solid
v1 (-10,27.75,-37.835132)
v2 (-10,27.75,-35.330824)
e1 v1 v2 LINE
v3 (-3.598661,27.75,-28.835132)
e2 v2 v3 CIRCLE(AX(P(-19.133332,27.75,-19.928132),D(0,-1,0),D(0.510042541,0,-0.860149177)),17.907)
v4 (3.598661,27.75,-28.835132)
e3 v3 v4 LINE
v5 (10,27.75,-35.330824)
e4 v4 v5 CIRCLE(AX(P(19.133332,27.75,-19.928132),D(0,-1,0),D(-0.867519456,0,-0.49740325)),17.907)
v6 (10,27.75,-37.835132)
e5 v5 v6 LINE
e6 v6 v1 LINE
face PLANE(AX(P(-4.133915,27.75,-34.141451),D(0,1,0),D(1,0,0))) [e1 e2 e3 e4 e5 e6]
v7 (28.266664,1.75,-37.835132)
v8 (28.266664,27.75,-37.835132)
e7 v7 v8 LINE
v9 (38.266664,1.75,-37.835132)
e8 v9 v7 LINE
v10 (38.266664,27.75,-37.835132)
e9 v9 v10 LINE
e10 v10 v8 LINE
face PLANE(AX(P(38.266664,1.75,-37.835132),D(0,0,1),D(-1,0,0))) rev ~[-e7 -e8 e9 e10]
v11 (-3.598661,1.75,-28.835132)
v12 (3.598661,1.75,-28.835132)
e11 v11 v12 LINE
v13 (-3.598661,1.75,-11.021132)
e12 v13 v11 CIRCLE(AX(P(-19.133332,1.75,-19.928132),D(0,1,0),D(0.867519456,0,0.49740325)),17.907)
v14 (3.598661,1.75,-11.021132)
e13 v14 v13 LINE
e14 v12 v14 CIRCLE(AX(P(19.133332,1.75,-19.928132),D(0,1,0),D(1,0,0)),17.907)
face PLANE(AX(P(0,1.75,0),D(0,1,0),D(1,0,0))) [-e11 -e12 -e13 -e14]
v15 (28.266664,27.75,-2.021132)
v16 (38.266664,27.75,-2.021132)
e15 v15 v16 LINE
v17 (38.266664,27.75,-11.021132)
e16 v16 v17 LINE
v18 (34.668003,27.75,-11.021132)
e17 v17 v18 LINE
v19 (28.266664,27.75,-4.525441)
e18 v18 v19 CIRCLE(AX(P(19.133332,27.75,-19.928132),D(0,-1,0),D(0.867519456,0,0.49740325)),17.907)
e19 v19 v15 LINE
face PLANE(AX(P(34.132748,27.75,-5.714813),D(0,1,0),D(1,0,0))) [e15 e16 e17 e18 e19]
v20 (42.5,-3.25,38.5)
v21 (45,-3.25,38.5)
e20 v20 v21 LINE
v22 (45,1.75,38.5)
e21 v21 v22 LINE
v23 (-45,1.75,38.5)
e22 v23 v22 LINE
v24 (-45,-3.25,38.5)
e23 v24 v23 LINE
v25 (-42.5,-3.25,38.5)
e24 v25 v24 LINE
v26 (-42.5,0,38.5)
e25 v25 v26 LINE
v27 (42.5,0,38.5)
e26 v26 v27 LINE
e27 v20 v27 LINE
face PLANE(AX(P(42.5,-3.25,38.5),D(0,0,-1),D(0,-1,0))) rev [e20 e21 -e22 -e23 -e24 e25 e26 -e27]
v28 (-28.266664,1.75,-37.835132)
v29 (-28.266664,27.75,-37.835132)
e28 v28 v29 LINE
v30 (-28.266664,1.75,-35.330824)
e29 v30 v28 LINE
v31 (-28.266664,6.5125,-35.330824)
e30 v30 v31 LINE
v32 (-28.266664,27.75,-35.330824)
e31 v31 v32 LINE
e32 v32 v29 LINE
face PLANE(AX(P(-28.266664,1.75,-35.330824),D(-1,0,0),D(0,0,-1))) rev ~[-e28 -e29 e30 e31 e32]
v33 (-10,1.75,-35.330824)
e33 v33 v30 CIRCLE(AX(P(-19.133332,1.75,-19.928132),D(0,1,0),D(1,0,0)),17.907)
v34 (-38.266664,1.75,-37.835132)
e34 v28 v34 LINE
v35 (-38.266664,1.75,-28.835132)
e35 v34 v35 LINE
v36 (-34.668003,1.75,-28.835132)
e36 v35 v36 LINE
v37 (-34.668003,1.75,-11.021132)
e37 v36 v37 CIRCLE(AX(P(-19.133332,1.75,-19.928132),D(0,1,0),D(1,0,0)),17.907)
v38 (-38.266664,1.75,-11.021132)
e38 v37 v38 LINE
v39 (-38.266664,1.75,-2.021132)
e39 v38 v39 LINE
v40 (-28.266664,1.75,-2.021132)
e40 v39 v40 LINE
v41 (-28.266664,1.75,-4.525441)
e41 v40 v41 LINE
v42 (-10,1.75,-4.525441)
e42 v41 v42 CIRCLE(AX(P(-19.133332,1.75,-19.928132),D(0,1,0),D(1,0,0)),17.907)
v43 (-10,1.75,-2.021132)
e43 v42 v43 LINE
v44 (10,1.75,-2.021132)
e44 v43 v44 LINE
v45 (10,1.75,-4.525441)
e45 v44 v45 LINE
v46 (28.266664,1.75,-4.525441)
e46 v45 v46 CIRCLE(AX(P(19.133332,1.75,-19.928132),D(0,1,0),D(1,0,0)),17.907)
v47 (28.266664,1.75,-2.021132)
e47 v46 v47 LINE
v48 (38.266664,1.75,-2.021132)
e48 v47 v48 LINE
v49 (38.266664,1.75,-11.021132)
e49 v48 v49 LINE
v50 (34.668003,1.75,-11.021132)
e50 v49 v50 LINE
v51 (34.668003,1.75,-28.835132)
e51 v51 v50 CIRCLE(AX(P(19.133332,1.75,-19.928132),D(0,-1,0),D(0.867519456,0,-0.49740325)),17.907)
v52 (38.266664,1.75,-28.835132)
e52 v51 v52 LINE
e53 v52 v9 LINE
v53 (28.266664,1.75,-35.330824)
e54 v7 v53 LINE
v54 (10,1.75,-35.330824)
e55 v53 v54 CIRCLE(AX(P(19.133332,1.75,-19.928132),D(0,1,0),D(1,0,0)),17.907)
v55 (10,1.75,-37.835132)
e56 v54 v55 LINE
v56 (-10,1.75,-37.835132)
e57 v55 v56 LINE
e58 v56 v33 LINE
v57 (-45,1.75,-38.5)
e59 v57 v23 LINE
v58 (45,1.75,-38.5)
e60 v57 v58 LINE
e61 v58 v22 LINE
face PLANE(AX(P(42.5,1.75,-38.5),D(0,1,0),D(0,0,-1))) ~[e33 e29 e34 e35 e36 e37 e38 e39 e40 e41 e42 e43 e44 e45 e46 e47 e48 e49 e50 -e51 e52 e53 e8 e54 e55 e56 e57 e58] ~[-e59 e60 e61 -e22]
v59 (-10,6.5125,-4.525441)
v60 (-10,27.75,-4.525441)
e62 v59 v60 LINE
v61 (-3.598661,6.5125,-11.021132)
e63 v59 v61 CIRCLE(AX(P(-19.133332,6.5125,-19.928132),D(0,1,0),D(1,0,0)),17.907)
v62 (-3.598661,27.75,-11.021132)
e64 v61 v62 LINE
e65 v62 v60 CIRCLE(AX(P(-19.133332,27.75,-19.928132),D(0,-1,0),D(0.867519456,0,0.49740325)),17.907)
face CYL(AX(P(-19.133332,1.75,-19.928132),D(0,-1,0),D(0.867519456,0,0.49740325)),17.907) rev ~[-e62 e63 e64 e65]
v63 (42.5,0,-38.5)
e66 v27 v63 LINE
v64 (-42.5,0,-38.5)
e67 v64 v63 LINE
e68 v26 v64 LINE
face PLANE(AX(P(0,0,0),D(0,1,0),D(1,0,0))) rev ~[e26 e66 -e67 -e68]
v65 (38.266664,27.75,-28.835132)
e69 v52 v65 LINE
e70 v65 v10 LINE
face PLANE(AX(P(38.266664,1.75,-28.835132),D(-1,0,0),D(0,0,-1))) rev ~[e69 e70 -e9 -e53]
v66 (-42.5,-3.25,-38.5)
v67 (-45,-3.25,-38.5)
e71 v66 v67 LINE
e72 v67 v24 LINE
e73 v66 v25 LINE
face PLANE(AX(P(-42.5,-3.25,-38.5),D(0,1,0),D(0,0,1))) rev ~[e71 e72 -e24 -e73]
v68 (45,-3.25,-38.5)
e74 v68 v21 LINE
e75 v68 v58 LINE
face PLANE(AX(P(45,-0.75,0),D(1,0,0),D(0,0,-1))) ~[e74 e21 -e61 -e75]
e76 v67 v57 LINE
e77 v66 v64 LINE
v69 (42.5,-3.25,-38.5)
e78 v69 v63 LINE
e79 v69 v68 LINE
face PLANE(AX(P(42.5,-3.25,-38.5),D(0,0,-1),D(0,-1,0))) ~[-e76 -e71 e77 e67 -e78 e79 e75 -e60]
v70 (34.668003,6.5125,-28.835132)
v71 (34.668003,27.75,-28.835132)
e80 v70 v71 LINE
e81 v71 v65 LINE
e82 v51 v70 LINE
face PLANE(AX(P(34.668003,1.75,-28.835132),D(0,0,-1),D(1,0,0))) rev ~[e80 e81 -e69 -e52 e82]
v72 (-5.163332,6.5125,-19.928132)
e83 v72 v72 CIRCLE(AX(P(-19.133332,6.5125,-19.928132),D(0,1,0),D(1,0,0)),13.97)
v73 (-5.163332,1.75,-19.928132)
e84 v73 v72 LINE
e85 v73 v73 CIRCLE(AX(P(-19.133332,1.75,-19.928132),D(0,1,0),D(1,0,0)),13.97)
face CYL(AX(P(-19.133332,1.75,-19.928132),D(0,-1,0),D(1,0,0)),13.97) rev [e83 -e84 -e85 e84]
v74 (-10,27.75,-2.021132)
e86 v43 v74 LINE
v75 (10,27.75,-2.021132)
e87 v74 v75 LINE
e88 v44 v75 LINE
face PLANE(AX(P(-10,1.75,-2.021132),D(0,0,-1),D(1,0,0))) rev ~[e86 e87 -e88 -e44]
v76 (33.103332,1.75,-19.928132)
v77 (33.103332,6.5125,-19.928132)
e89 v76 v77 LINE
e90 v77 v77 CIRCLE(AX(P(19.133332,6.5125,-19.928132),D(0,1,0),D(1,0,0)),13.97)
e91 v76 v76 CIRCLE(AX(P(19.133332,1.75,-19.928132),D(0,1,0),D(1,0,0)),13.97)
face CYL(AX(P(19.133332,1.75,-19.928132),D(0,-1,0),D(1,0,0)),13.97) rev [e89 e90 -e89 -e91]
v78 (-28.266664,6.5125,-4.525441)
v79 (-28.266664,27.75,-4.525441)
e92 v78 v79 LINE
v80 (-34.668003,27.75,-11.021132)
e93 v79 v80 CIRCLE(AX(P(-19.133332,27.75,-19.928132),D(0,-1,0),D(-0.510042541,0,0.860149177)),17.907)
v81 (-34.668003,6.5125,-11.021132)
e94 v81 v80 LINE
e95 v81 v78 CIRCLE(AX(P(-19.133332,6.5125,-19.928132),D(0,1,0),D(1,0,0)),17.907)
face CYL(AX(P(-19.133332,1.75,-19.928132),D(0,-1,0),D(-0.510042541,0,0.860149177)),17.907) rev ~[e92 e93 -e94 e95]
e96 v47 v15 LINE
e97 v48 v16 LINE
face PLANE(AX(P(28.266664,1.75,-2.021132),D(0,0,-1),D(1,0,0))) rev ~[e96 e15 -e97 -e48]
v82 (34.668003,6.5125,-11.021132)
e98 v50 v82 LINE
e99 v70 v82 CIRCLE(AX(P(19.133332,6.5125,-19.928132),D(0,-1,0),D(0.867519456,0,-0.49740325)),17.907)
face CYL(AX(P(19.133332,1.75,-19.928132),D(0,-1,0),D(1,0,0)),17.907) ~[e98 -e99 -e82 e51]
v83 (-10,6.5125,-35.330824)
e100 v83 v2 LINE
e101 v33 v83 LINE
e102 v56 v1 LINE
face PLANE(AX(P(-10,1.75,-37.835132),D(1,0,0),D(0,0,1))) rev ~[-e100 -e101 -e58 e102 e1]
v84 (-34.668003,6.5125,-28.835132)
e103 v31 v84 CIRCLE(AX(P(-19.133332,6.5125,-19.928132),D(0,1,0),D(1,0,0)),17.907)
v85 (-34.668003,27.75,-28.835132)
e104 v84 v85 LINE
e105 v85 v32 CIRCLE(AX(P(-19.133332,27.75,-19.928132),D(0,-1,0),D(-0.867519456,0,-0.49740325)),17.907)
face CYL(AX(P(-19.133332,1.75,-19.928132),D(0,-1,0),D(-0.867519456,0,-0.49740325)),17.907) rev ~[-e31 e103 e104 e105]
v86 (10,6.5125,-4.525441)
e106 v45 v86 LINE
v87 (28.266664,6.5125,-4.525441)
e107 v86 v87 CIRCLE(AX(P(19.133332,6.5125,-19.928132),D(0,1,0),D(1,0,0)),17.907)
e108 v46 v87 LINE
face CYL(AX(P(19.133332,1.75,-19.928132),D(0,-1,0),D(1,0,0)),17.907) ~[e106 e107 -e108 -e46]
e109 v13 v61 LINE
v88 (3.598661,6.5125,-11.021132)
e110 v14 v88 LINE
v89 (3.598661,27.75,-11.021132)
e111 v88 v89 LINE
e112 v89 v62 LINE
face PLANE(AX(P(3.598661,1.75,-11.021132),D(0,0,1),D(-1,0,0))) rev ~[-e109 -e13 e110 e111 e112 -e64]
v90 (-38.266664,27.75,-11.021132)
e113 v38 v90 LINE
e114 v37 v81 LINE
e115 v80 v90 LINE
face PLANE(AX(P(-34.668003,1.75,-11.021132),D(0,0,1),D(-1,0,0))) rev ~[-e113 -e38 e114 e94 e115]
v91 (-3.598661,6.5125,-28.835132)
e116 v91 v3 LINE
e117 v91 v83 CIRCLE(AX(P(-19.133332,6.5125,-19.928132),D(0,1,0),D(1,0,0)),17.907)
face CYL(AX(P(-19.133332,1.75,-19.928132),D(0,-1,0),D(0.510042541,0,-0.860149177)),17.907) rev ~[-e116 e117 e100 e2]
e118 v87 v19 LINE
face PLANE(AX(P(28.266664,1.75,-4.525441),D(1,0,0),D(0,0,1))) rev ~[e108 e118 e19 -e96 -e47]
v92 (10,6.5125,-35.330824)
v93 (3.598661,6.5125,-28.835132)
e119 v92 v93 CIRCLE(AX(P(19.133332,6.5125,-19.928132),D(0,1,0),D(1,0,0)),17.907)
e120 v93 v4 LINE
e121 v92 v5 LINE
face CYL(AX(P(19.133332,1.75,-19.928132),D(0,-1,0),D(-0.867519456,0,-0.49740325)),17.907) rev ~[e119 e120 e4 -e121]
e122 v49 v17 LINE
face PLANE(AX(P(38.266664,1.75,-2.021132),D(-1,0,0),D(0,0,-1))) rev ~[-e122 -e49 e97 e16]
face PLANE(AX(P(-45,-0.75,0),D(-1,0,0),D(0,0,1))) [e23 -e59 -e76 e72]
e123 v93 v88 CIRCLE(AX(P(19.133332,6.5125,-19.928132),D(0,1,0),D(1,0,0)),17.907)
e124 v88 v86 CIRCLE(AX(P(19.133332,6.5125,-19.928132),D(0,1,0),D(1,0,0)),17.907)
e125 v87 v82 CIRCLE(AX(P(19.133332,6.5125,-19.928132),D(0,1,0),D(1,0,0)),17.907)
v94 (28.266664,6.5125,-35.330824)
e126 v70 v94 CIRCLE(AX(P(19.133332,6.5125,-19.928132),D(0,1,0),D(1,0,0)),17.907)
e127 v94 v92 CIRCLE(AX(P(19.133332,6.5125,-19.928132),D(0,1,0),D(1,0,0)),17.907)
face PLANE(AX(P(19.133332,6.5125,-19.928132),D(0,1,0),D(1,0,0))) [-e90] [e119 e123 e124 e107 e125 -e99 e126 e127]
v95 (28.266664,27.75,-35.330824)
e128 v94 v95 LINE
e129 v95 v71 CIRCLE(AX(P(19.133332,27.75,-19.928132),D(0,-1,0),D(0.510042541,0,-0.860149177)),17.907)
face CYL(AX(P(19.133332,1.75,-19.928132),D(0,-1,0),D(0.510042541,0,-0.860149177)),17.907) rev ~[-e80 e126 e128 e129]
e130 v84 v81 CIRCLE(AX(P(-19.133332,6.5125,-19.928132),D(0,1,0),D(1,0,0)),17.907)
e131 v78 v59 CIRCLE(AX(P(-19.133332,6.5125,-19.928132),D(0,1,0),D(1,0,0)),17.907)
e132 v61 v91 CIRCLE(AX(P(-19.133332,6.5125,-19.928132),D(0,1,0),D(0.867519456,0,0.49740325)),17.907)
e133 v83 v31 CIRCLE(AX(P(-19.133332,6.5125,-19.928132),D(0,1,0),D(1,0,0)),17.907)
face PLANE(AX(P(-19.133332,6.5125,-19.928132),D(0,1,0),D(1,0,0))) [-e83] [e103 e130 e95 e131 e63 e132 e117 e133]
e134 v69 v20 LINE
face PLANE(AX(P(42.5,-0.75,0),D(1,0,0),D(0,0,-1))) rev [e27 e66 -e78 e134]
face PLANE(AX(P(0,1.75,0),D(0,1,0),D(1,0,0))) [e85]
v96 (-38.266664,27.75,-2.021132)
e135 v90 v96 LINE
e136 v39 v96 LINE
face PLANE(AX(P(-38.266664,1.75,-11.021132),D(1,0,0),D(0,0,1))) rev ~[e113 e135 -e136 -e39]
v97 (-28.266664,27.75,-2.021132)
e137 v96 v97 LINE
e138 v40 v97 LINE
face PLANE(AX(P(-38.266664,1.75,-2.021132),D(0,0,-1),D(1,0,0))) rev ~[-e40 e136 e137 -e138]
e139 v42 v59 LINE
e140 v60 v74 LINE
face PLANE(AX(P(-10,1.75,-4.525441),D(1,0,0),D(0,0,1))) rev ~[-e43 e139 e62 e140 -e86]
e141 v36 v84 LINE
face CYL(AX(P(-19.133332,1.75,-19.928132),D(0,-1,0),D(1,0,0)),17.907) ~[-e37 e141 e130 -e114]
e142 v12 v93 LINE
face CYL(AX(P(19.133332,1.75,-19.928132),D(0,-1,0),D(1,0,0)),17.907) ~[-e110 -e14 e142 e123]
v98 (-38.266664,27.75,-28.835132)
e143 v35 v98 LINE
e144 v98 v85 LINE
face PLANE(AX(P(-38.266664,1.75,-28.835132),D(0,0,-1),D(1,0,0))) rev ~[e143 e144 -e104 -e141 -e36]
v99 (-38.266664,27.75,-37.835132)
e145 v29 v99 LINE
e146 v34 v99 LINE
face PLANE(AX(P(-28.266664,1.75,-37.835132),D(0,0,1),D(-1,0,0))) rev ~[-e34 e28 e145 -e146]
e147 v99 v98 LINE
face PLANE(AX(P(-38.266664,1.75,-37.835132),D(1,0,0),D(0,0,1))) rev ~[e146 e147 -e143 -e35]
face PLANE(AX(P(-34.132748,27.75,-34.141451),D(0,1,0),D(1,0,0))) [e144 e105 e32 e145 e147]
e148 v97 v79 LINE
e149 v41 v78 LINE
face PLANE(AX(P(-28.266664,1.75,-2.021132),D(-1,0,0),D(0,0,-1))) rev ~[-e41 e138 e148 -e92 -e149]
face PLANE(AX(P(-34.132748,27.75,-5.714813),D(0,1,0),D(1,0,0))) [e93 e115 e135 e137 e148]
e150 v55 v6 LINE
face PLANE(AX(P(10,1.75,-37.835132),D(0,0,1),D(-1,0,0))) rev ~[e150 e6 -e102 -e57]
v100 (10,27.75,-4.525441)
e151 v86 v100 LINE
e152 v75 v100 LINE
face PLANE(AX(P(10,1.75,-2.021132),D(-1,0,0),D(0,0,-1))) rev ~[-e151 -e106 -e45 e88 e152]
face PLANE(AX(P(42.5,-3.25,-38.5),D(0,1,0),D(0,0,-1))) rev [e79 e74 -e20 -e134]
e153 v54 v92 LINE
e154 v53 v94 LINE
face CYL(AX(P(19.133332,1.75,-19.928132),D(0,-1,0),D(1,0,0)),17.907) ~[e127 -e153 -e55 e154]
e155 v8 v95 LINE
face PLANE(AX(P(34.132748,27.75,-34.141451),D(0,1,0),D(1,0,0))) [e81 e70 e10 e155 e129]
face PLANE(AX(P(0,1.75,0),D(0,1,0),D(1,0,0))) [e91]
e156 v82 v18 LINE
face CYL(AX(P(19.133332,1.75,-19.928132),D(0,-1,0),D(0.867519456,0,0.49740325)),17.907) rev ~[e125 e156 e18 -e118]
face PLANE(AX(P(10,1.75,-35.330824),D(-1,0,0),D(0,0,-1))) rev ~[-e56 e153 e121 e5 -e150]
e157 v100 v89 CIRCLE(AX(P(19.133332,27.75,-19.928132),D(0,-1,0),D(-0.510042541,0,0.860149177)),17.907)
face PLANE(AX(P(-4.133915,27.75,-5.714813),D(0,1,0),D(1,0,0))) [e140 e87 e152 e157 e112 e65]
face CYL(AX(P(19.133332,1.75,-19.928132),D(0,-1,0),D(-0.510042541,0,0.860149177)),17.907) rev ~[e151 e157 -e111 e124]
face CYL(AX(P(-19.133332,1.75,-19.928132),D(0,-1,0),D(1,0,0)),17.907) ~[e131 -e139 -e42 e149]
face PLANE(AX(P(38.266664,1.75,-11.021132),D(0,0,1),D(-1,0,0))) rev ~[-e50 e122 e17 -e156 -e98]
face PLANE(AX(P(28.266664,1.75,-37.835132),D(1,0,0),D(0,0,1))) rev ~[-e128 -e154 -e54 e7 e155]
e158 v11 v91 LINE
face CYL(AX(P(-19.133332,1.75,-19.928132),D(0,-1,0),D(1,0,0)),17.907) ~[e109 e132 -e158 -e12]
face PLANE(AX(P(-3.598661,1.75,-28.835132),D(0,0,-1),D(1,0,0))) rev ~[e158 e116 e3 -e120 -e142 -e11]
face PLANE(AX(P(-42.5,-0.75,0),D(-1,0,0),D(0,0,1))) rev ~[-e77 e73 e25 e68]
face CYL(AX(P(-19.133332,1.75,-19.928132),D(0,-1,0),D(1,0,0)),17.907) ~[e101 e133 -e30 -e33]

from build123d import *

# Parameters (mm, degrees)
SKETCH1_W           = 85
SKETCH1_H           = 77
BOSS_EXTRUDE1_DEPTH = 1.75
SKETCH3_R           = 17.907
SKETCH3_R_2         = 13.97
BOSS_EXTRUDE3_DEPTH = 4.7625
BOSS_EXTRUDE7_DEPTH = 26
SKETCH6_W           = 77
SKETCH6_H           = 5
BOSS_EXTRUDE8_DEPTH = 2.5


with BuildPart() as part:
    # Sketch1 → Boss-Extrude1 (new body)
    with BuildSketch(Plane(origin=(0, 0, 0), x_dir=(1, 0, 0), z_dir=(0, 1, 0))):
        Rectangle(SKETCH1_W, SKETCH1_H)
    extrude(amount=BOSS_EXTRUDE1_DEPTH)

    # Sketch3 → Boss-Extrude3 (add)
    with BuildSketch(Plane(origin=(0, 1.75, 0), x_dir=(1, 0, 0), z_dir=(0, 1, 0))):
        with Locations((19.133331774, 19.92813227)):
            Circle(SKETCH3_R)
        with Locations((19.133331774, 19.92813227)):
            Circle(SKETCH3_R_2, mode=Mode.SUBTRACT)
        with Locations((-19.133331774, 19.92813227)):
            Circle(SKETCH3_R)
        with Locations((-19.133331774, 19.92813227)):
            Circle(SKETCH3_R_2, mode=Mode.SUBTRACT)
    extrude(amount=BOSS_EXTRUDE3_DEPTH)

    # Sketch4 → Boss-Extrude7 (add)
    with BuildSketch(Plane(origin=(0, 1.75, 0), x_dir=(1, 0, 0), z_dir=(0, 1, 0))):
        with BuildLine():
            ThreePointArc((-34.668002675, 28.83513227), (-31.887785522, 32.497323119), (-28.266663548, 35.330823584))
            Line((-28.266663548, 35.330823584), (-28.266663548, 37.83513227))
            Line((-28.266663548, 37.83513227), (-38.266663548, 37.83513227))
            Line((-38.266663548, 37.83513227), (-38.266663548, 28.83513227))
            Line((-38.266663548, 28.83513227), (-34.668002675, 28.83513227))
        make_face()
        with BuildLine():
            ThreePointArc((-28.266663548, 4.525440956), (-31.887785522, 7.358941421), (-34.668002675, 11.02113227))
            Line((-34.668002675, 11.02113227), (-38.266663548, 11.02113227))
            Line((-38.266663548, 11.02113227), (-38.266663548, 2.02113227))
            Line((-38.266663548, 2.02113227), (-28.266663548, 2.02113227))
            Line((-28.266663548, 2.02113227), (-28.266663548, 4.525440956))
        make_face()
        with BuildLine():
            Line((0, 11.02113227), (-3.598660873, 11.02113227))
            ThreePointArc((-3.598660873, 11.02113227), (-6.378878026, 7.358941421), (-10, 4.525440956))
            Line((-10, 4.525440956), (-10, 2.02113227))
            Line((-10, 2.02113227), (0, 2.02113227))
            Line((0, 2.02113227), (0, 11.02113227))
        make_face()
        with BuildLine():
            ThreePointArc((10, 4.525440956), (6.378878026, 7.358941421), (3.598660873, 11.02113227))
            Line((3.598660873, 11.02113227), (0, 11.02113227))
            Line((0, 11.02113227), (0, 2.02113227))
            Line((0, 2.02113227), (10, 2.02113227))
            Line((10, 2.02113227), (10, 4.525440956))
        make_face()
        with BuildLine():
            Line((0, 28.83513227), (0, 37.83513227))
            Line((0, 37.83513227), (-10, 37.83513227))
            Line((-10, 37.83513227), (-10, 35.330823584))
            ThreePointArc((-10, 35.330823584), (-6.378878026, 32.497323119), (-3.598660873, 28.83513227))
            Line((-3.598660873, 28.83513227), (0, 28.83513227))
        make_face()
        with BuildLine():
            Line((10, 37.83513227), (0, 37.83513227))
            Line((0, 37.83513227), (0, 28.83513227))
            Line((0, 28.83513227), (3.598660873, 28.83513227))
            ThreePointArc((3.598660873, 28.83513227), (6.378878026, 32.497323119), (10, 35.330823584))
            Line((10, 35.330823584), (10, 37.83513227))
        make_face()
        with BuildLine():
            Line((28.266663548, 37.83513227), (28.266663548, 35.330823584))
            ThreePointArc((28.266663548, 35.330823584), (31.887785522, 32.497323119), (34.668002675, 28.83513227))
            Line((34.668002675, 28.83513227), (38.266663548, 28.83513227))
            Line((38.266663548, 28.83513227), (38.266663548, 37.83513227))
            Line((38.266663548, 37.83513227), (28.266663548, 37.83513227))
        make_face()
        with BuildLine():
            ThreePointArc((34.668002675, 11.02113227), (31.887785522, 7.358941421), (28.266663548, 4.525440956))
            Line((28.266663548, 4.525440956), (28.266663548, 2.02113227))
            Line((28.266663548, 2.02113227), (38.266663548, 2.02113227))
            Line((38.266663548, 2.02113227), (38.266663548, 11.02113227))
            Line((38.266663548, 11.02113227), (34.668002675, 11.02113227))
        make_face()
    extrude(amount=BOSS_EXTRUDE7_DEPTH)

    # Sketch6 → Boss-Extrude8 (add)
    with BuildSketch(Plane.ZY.offset(42.5)):
        with Locations((0, -0.75)):
            Rectangle(SKETCH6_W, SKETCH6_H)
    boss_extrude8 = extrude(amount=BOSS_EXTRUDE8_DEPTH)

    # Mirror1: Boss-Extrude8 across plane
    add(boss_extrude8.mirror(Plane(origin=(0, 0, 0), x_dir=(0, 0, 1), z_dir=(1, 0, 0))))


solid = part.part
